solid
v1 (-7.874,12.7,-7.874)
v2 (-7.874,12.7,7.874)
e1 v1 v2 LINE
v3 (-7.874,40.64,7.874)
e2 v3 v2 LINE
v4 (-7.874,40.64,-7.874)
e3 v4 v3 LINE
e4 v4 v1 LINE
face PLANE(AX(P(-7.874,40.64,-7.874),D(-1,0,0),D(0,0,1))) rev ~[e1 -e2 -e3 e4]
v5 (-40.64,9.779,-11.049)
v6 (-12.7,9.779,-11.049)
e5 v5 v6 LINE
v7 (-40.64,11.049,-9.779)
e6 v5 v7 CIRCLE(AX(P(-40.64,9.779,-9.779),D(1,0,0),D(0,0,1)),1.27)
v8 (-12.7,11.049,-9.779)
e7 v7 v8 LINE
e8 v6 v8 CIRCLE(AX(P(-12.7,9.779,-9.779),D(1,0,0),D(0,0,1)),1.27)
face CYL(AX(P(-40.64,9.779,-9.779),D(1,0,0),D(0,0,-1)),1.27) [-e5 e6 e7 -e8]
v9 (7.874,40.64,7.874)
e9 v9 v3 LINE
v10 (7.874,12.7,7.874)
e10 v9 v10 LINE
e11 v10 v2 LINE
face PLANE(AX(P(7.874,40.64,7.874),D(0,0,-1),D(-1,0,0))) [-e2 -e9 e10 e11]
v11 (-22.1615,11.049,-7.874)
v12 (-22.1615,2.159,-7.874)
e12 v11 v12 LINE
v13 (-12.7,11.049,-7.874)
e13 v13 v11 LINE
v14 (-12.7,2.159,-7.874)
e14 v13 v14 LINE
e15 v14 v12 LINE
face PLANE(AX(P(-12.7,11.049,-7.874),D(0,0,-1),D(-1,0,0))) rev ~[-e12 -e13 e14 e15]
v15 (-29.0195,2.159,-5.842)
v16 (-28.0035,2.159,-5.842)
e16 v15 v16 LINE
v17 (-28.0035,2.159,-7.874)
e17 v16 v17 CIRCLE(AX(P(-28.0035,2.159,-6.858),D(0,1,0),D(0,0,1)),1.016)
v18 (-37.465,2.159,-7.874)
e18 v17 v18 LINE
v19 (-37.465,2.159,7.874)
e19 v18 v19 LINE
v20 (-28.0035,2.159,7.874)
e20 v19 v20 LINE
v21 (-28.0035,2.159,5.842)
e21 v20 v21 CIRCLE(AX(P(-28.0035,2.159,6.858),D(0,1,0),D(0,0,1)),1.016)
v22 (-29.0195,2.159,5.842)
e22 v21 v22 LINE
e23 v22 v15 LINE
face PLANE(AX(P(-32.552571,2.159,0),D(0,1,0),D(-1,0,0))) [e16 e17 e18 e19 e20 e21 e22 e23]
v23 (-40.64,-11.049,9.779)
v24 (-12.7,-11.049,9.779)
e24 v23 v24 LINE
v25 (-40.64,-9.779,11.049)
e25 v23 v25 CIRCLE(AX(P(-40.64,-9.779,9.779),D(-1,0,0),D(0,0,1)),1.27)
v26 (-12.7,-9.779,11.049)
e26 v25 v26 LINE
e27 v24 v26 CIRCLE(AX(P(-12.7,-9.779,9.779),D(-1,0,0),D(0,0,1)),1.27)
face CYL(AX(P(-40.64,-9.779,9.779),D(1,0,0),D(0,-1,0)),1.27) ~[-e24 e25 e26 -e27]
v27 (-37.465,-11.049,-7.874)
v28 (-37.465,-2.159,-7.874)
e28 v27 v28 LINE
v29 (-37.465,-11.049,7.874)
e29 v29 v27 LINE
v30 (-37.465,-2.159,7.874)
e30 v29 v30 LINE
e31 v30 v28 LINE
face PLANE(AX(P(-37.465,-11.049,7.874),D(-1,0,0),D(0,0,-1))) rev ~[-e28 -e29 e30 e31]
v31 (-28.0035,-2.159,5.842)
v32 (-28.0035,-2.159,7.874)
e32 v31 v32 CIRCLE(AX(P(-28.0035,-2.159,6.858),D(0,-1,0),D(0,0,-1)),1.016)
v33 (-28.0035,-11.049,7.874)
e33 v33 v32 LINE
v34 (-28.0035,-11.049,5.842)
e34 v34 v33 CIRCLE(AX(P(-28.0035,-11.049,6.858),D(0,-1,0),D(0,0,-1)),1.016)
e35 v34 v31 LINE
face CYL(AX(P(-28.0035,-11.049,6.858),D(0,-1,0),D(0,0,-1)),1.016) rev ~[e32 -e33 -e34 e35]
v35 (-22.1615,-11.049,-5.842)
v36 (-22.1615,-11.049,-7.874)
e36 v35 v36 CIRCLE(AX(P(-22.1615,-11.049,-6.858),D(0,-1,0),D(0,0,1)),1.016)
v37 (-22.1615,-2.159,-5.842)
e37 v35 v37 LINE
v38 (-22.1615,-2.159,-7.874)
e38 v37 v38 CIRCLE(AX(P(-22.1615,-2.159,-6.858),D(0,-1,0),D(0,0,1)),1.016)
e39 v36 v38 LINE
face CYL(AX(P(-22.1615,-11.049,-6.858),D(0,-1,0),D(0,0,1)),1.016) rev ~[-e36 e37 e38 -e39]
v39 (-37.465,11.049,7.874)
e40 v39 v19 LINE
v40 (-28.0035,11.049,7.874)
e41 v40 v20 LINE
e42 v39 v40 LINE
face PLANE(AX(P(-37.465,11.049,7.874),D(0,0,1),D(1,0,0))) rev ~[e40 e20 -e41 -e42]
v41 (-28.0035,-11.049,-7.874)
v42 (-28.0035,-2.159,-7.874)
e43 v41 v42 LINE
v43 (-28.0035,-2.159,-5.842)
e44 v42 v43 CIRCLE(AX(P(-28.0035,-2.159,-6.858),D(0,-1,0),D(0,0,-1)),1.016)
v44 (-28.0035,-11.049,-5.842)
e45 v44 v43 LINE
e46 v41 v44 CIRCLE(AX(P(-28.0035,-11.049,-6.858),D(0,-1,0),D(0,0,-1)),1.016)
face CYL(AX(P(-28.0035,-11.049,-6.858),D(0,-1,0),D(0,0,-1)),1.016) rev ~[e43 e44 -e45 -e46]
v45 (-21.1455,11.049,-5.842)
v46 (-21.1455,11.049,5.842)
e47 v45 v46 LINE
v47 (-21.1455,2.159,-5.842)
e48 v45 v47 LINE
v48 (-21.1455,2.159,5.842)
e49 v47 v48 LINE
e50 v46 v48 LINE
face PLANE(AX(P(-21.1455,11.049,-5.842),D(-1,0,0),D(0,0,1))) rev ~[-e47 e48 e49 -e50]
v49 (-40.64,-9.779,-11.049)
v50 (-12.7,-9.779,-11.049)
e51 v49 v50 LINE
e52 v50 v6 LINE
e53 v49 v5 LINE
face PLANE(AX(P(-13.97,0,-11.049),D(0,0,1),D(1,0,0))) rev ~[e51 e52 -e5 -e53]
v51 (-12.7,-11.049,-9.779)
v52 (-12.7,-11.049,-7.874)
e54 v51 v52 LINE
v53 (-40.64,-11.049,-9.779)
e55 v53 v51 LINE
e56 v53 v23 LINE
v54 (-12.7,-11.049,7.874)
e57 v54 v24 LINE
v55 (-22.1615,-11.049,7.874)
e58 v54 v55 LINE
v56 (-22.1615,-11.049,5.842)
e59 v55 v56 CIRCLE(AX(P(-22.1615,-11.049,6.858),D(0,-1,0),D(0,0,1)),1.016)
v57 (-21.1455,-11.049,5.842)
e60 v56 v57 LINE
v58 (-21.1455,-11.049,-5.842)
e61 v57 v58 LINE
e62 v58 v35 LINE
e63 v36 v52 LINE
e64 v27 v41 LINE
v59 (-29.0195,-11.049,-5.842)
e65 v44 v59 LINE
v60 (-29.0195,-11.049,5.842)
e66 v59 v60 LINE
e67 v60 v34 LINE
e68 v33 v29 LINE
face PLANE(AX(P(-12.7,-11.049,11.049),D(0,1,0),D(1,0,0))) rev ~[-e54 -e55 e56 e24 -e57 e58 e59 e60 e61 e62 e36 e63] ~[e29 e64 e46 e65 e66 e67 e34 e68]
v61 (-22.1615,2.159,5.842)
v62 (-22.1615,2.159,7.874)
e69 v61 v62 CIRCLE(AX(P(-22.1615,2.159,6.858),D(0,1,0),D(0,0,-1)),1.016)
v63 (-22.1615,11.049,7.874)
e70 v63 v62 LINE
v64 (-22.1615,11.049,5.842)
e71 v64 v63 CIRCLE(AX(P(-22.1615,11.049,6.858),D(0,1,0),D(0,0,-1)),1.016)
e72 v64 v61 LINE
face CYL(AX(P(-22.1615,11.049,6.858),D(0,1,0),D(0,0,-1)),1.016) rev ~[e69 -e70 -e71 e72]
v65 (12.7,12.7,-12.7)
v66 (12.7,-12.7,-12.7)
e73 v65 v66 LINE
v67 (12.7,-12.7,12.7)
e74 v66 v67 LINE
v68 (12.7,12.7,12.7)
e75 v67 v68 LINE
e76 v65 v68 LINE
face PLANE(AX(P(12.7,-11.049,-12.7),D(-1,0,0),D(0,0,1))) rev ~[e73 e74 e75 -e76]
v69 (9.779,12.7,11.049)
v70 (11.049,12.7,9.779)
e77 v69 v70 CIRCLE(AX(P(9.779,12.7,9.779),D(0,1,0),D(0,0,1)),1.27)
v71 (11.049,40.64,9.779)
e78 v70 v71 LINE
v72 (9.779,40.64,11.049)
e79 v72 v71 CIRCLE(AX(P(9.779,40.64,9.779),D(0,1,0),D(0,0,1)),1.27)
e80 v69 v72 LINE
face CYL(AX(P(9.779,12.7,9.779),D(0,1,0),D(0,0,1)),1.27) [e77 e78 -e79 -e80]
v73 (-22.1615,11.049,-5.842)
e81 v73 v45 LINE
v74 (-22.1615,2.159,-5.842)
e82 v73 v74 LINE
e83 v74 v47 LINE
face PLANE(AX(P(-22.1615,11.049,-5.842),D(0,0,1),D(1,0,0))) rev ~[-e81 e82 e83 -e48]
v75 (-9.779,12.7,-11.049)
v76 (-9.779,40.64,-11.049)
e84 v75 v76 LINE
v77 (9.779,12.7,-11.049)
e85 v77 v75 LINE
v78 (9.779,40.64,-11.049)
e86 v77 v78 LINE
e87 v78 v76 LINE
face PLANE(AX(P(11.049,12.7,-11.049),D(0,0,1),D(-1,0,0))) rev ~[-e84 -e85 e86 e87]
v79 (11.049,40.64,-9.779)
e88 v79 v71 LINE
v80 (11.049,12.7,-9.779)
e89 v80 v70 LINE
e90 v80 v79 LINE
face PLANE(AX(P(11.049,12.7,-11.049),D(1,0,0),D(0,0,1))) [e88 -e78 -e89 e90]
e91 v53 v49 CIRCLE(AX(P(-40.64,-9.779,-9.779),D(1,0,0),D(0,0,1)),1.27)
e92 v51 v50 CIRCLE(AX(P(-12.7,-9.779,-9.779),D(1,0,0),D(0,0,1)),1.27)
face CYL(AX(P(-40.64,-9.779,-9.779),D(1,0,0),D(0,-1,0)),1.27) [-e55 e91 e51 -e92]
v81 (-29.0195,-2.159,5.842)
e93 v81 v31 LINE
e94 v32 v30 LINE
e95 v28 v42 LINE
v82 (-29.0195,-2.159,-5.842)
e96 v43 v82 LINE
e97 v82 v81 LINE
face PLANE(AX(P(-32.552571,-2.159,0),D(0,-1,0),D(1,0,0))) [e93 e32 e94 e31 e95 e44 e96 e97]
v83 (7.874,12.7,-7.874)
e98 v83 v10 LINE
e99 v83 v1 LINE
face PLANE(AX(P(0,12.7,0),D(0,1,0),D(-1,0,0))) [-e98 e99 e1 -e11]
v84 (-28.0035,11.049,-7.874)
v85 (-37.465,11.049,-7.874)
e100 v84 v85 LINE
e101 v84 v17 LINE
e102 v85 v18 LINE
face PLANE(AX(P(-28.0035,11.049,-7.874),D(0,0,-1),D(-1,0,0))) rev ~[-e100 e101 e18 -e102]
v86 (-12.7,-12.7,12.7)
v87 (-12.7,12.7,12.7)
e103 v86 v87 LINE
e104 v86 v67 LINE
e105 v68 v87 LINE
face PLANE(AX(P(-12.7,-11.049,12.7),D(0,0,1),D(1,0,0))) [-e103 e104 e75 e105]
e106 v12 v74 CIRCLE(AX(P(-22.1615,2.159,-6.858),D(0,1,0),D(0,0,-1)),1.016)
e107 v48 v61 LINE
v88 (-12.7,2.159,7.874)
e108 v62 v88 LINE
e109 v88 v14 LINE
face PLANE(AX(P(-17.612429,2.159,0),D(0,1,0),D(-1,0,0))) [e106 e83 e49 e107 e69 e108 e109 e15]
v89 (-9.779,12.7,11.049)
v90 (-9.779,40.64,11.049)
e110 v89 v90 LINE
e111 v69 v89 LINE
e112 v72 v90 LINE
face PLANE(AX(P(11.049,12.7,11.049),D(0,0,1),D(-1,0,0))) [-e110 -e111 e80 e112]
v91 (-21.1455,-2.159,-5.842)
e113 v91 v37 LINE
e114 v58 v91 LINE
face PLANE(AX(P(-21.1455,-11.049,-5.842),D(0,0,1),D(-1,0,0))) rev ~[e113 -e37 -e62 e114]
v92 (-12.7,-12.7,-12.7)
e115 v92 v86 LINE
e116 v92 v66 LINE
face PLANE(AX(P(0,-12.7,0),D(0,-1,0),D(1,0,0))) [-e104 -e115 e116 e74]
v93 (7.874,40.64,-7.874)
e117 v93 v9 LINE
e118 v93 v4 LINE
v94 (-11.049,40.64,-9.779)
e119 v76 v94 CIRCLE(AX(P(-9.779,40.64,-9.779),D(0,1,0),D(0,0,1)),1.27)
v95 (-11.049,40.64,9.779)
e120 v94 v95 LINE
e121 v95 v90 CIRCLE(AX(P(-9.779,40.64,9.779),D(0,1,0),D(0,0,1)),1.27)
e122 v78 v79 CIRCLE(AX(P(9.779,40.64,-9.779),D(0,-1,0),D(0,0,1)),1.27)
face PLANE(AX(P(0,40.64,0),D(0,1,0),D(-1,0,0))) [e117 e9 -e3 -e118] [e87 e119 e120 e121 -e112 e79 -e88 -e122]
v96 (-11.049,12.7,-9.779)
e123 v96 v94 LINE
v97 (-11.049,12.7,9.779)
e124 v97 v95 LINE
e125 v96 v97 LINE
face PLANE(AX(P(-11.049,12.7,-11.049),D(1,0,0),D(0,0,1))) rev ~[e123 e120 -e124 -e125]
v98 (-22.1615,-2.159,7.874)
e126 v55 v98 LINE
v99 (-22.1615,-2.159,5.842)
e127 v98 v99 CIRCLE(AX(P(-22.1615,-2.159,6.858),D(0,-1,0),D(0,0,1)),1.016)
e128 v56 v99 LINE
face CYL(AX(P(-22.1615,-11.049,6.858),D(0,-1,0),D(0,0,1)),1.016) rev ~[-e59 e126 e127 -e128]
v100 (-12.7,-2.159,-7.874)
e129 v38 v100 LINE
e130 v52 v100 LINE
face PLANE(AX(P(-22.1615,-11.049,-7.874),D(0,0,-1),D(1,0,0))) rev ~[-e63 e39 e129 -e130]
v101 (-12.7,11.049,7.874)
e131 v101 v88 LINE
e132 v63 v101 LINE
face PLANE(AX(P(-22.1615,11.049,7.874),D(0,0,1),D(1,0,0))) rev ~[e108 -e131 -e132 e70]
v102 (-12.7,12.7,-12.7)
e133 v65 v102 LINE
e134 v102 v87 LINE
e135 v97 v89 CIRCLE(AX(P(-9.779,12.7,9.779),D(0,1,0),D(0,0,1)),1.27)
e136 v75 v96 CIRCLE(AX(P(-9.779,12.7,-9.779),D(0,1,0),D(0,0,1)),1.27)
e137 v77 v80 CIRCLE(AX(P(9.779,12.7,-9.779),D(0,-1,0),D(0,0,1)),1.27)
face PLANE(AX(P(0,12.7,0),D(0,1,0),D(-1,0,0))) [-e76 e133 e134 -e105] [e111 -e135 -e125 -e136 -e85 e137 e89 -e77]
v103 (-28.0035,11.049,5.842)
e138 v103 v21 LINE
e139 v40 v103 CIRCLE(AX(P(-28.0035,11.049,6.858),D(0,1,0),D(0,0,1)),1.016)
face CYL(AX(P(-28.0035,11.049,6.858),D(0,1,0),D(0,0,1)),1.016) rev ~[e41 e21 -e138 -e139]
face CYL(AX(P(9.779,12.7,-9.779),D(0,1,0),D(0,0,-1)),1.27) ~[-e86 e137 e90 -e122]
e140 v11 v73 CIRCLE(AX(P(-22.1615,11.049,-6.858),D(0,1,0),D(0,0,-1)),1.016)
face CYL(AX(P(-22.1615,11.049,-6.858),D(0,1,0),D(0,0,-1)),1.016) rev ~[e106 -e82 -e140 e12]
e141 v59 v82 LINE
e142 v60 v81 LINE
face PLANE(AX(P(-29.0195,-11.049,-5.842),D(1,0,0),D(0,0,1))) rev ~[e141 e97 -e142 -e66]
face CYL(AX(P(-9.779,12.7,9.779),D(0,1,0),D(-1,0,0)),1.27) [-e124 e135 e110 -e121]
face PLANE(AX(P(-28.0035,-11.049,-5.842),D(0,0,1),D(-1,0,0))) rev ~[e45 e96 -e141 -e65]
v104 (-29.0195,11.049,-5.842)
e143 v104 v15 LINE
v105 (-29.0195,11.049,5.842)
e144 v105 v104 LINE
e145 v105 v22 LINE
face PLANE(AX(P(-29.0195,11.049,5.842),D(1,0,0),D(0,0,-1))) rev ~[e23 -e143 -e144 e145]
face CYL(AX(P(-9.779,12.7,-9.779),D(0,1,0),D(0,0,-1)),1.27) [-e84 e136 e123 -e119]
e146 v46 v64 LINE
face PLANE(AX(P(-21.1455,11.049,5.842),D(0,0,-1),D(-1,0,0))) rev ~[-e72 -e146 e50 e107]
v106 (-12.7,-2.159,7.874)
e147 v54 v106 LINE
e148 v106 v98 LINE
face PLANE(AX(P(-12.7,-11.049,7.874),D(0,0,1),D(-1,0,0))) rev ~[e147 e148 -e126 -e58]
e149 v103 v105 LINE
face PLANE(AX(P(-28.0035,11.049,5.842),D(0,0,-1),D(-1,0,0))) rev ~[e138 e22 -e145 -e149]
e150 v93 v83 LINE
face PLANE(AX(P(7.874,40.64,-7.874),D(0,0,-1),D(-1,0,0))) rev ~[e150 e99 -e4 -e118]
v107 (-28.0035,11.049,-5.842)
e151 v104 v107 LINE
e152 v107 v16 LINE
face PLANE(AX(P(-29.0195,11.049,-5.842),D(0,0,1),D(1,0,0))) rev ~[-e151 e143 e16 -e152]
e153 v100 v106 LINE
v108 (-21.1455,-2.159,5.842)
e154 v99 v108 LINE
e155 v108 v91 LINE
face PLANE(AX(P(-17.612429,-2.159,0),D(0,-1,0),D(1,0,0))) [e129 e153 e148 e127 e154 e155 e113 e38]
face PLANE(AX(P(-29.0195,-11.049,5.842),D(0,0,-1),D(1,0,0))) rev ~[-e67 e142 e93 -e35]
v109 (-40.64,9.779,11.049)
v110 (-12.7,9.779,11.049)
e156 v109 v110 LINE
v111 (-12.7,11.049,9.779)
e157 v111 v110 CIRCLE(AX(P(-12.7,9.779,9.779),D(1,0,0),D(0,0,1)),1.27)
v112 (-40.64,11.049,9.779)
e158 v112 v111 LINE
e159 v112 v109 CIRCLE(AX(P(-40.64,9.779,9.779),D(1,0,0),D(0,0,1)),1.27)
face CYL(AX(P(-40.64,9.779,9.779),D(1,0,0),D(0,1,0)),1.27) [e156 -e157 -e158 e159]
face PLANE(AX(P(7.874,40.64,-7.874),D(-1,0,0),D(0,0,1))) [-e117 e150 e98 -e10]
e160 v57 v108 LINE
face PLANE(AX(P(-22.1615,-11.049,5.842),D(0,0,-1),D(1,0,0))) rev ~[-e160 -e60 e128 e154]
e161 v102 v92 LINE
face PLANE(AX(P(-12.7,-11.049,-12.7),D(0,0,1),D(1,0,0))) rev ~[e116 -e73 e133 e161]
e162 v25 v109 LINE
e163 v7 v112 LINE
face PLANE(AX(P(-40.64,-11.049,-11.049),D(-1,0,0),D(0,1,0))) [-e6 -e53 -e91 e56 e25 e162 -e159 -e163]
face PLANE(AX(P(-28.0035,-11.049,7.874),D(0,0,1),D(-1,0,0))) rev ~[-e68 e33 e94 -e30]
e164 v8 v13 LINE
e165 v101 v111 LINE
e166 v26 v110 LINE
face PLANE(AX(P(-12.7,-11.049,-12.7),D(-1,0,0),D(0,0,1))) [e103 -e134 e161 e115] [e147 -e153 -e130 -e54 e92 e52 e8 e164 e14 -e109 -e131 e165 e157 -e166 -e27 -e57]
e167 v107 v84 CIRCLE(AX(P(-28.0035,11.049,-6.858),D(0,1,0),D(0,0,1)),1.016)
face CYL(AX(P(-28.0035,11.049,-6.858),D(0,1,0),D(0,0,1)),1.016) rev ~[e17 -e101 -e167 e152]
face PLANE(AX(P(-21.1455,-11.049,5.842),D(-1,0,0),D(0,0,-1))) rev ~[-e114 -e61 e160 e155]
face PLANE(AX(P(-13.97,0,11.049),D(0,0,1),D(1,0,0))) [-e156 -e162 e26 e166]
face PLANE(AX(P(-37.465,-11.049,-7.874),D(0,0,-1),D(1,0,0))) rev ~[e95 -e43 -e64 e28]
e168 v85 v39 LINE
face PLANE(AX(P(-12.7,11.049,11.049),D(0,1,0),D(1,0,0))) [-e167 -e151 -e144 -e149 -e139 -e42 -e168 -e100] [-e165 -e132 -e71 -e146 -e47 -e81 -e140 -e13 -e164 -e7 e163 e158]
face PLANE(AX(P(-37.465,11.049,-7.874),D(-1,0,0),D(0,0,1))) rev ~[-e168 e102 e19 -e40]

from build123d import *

# Parameters (mm, degrees)
SKETCH1_W           = 25.4
SKETCH1_H           = 22.098
BOSS_EXTRUDE1_DEPTH = 1.651
SKETCH2_W           = 53.34
SKETCH2_H           = 22.098
BOSS_EXTRUDE2_DEPTH = 22.098
SKETCH3_W           = 25.4
SKETCH3_H           = 22.098
BOSS_EXTRUDE3_DEPTH = 1.651
SKETCH4_W           = 25.4
SKETCH4_H           = 25.4
BOSS_EXTRUDE4_DEPTH = 1.651
SKETCH5_W           = 25.4
SKETCH5_H           = 25.4
BOSS_EXTRUDE5_DEPTH = 1.651
CUT_EXTRUDE1_DEPTH  = 8.89
CUT_EXTRUDE2_DEPTH  = 8.89
CUT_EXTRUDE3_DEPTH  = 8.89
CUT_EXTRUDE4_DEPTH  = 8.89
SKETCH10_W          = 22.098
SKETCH10_H          = 22.098
BOSS_EXTRUDE6_DEPTH = 27.94
SKETCH11_W          = 15.748
SKETCH11_H          = 15.748
CUT_EXTRUDE5_DEPTH  = 27.94
FILLET1_R           = 1.27


with BuildPart() as part:
    # Sketch1 → Boss-Extrude1 (new body)
    with BuildSketch(Plane(origin=(0, 0, -12.7), x_dir=(-1, 0, 0), z_dir=(0, 0, -1))):
        Rectangle(SKETCH1_W, SKETCH1_H)
    extrude(amount=-BOSS_EXTRUDE1_DEPTH)

    # Sketch2 → Boss-Extrude2 (add)
    with BuildSketch(Plane.XY.offset(-11.049)):
        with Locations((-13.97, 0)):
            Rectangle(SKETCH2_W, SKETCH2_H)
    extrude(amount=BOSS_EXTRUDE2_DEPTH)

    # Sketch3 → Boss-Extrude3 (add)
    with BuildSketch(Plane.XY.offset(11.049)):
        Rectangle(SKETCH3_W, SKETCH3_H)
    extrude(amount=BOSS_EXTRUDE3_DEPTH)

    # Sketch4 → Boss-Extrude4 (add)
    with BuildSketch(Plane(origin=(0, 11.049, 0), x_dir=(-1, 0, 0), z_dir=(0, 1, 0))):
        Rectangle(SKETCH4_W, SKETCH4_H)
    extrude(amount=BOSS_EXTRUDE4_DEPTH)

    # Sketch5 → Boss-Extrude5 (add)
    with BuildSketch(Plane.XZ.offset(11.049)):
        Rectangle(SKETCH5_W, SKETCH5_H)
    extrude(amount=BOSS_EXTRUDE5_DEPTH)

    # Sketch6 → Cut-Extrude1 (cut)
    with BuildSketch(Plane(origin=(0, 11.049, 0), x_dir=(-1, 0, 0), z_dir=(0, 1, 0))):
        with BuildLine():
            Line((21.1455, 5.842), (22.1615, 5.842))
            ThreePointArc((22.1615, 5.842), (23.1775, 6.858), (22.1615, 7.874))
            Line((22.1615, 7.874), (12.7, 7.874))
            Line((12.7, 7.874), (12.7, -7.874))
            Line((12.7, -7.874), (22.1615, -7.874))
            ThreePointArc((22.1615, -7.874), (23.1775, -6.858), (22.1615, -5.842))
            Line((22.1615, -5.842), (21.1455, -5.842))
            Line((21.1455, -5.842), (21.1455, 5.842))
        make_face()
    extrude(amount=-CUT_EXTRUDE1_DEPTH, mode=Mode.SUBTRACT)

    # Sketch7 → Cut-Extrude2 (cut)
    with BuildSketch(Plane.XZ.offset(11.049)):
        with BuildLine():
            Line((-22.1615, 5.842), (-21.1455, 5.842))
            Line((-21.1455, 5.842), (-21.1455, -5.842))
            Line((-21.1455, -5.842), (-22.1615, -5.842))
            ThreePointArc((-22.1615, -5.842), (-23.1775, -6.858), (-22.1615, -7.874))
            Line((-22.1615, -7.874), (-12.7, -7.874))
            Line((-12.7, -7.874), (-12.7, 7.874))
            Line((-12.7, 7.874), (-22.1615, 7.874))
            ThreePointArc((-22.1615, 7.874), (-23.1775, 6.858), (-22.1615, 5.842))
        make_face()
    extrude(amount=-CUT_EXTRUDE2_DEPTH, mode=Mode.SUBTRACT)

    # Sketch8 → Cut-Extrude3 (cut)
    with BuildSketch(Plane(origin=(0, 11.049, 0), x_dir=(-1, 0, 0), z_dir=(0, 1, 0))):
        with BuildLine():
            Line((28.0035, -7.874), (37.465, -7.874))
            Line((37.465, -7.874), (37.465, 7.874))
            Line((37.465, 7.874), (28.0035, 7.874))
            ThreePointArc((28.0035, 7.874), (26.9875, 6.858), (28.0035, 5.842))
            Line((28.0035, 5.842), (29.0195, 5.842))
            Line((29.0195, 5.842), (29.0195, -5.842))
            Line((29.0195, -5.842), (28.0035, -5.842))
            ThreePointArc((28.0035, -5.842), (26.9875, -6.858), (28.0035, -7.874))
        make_face()
    extrude(amount=-CUT_EXTRUDE3_DEPTH, mode=Mode.SUBTRACT)

    # Sketch9 → Cut-Extrude4 (cut)
    with BuildSketch(Plane.XZ.offset(11.049)):
        with BuildLine():
            Line((-37.465, 7.874), (-37.465, -7.874))
            Line((-37.465, -7.874), (-28.0035, -7.874))
            ThreePointArc((-28.0035, -7.874), (-26.9875, -6.858), (-28.0035, -5.842))
            Line((-28.0035, -5.842), (-29.0195, -5.842))
            Line((-29.0195, -5.842), (-29.0195, 5.842))
            Line((-29.0195, 5.842), (-28.0035, 5.842))
            ThreePointArc((-28.0035, 5.842), (-26.9875, 6.858), (-28.0035, 7.874))
            Line((-28.0035, 7.874), (-37.465, 7.874))
        make_face()
    extrude(amount=-CUT_EXTRUDE4_DEPTH, mode=Mode.SUBTRACT)

    # Sketch10 → Boss-Extrude6 (add)
    with BuildSketch(Plane(origin=(0, 12.7, 0), x_dir=(-1, 0, 0), z_dir=(0, 1, 0))):
        Rectangle(SKETCH10_W, SKETCH10_H)
    extrude(amount=BOSS_EXTRUDE6_DEPTH)

    # Sketch11 → Cut-Extrude5 (cut)
    with BuildSketch(Plane(origin=(0, 40.64, 0), x_dir=(-1, 0, 0), z_dir=(0, 1, 0))):
        Rectangle(SKETCH11_W, SKETCH11_H)
    extrude(amount=-CUT_EXTRUDE5_DEPTH, mode=Mode.SUBTRACT)

    # Fillet1
    fillet1_edges = [part.edges().sort_by_distance(p)[0] for p in [
        (-26.67, 11.049, -11.049),
        (-26.67, -11.049, -11.049),
        (-26.67, -11.049, 11.049),
        (-11.049, 26.67, -11.049),
        (-11.049, 26.67, 11.049),
        (11.049, 26.67, 11.049),
        (11.049, 26.67, -11.049),
        (-26.67, 11.049, 11.049),
    ]]
    fillet(fillet1_edges, radius=FILLET1_R)


solid = part.part
